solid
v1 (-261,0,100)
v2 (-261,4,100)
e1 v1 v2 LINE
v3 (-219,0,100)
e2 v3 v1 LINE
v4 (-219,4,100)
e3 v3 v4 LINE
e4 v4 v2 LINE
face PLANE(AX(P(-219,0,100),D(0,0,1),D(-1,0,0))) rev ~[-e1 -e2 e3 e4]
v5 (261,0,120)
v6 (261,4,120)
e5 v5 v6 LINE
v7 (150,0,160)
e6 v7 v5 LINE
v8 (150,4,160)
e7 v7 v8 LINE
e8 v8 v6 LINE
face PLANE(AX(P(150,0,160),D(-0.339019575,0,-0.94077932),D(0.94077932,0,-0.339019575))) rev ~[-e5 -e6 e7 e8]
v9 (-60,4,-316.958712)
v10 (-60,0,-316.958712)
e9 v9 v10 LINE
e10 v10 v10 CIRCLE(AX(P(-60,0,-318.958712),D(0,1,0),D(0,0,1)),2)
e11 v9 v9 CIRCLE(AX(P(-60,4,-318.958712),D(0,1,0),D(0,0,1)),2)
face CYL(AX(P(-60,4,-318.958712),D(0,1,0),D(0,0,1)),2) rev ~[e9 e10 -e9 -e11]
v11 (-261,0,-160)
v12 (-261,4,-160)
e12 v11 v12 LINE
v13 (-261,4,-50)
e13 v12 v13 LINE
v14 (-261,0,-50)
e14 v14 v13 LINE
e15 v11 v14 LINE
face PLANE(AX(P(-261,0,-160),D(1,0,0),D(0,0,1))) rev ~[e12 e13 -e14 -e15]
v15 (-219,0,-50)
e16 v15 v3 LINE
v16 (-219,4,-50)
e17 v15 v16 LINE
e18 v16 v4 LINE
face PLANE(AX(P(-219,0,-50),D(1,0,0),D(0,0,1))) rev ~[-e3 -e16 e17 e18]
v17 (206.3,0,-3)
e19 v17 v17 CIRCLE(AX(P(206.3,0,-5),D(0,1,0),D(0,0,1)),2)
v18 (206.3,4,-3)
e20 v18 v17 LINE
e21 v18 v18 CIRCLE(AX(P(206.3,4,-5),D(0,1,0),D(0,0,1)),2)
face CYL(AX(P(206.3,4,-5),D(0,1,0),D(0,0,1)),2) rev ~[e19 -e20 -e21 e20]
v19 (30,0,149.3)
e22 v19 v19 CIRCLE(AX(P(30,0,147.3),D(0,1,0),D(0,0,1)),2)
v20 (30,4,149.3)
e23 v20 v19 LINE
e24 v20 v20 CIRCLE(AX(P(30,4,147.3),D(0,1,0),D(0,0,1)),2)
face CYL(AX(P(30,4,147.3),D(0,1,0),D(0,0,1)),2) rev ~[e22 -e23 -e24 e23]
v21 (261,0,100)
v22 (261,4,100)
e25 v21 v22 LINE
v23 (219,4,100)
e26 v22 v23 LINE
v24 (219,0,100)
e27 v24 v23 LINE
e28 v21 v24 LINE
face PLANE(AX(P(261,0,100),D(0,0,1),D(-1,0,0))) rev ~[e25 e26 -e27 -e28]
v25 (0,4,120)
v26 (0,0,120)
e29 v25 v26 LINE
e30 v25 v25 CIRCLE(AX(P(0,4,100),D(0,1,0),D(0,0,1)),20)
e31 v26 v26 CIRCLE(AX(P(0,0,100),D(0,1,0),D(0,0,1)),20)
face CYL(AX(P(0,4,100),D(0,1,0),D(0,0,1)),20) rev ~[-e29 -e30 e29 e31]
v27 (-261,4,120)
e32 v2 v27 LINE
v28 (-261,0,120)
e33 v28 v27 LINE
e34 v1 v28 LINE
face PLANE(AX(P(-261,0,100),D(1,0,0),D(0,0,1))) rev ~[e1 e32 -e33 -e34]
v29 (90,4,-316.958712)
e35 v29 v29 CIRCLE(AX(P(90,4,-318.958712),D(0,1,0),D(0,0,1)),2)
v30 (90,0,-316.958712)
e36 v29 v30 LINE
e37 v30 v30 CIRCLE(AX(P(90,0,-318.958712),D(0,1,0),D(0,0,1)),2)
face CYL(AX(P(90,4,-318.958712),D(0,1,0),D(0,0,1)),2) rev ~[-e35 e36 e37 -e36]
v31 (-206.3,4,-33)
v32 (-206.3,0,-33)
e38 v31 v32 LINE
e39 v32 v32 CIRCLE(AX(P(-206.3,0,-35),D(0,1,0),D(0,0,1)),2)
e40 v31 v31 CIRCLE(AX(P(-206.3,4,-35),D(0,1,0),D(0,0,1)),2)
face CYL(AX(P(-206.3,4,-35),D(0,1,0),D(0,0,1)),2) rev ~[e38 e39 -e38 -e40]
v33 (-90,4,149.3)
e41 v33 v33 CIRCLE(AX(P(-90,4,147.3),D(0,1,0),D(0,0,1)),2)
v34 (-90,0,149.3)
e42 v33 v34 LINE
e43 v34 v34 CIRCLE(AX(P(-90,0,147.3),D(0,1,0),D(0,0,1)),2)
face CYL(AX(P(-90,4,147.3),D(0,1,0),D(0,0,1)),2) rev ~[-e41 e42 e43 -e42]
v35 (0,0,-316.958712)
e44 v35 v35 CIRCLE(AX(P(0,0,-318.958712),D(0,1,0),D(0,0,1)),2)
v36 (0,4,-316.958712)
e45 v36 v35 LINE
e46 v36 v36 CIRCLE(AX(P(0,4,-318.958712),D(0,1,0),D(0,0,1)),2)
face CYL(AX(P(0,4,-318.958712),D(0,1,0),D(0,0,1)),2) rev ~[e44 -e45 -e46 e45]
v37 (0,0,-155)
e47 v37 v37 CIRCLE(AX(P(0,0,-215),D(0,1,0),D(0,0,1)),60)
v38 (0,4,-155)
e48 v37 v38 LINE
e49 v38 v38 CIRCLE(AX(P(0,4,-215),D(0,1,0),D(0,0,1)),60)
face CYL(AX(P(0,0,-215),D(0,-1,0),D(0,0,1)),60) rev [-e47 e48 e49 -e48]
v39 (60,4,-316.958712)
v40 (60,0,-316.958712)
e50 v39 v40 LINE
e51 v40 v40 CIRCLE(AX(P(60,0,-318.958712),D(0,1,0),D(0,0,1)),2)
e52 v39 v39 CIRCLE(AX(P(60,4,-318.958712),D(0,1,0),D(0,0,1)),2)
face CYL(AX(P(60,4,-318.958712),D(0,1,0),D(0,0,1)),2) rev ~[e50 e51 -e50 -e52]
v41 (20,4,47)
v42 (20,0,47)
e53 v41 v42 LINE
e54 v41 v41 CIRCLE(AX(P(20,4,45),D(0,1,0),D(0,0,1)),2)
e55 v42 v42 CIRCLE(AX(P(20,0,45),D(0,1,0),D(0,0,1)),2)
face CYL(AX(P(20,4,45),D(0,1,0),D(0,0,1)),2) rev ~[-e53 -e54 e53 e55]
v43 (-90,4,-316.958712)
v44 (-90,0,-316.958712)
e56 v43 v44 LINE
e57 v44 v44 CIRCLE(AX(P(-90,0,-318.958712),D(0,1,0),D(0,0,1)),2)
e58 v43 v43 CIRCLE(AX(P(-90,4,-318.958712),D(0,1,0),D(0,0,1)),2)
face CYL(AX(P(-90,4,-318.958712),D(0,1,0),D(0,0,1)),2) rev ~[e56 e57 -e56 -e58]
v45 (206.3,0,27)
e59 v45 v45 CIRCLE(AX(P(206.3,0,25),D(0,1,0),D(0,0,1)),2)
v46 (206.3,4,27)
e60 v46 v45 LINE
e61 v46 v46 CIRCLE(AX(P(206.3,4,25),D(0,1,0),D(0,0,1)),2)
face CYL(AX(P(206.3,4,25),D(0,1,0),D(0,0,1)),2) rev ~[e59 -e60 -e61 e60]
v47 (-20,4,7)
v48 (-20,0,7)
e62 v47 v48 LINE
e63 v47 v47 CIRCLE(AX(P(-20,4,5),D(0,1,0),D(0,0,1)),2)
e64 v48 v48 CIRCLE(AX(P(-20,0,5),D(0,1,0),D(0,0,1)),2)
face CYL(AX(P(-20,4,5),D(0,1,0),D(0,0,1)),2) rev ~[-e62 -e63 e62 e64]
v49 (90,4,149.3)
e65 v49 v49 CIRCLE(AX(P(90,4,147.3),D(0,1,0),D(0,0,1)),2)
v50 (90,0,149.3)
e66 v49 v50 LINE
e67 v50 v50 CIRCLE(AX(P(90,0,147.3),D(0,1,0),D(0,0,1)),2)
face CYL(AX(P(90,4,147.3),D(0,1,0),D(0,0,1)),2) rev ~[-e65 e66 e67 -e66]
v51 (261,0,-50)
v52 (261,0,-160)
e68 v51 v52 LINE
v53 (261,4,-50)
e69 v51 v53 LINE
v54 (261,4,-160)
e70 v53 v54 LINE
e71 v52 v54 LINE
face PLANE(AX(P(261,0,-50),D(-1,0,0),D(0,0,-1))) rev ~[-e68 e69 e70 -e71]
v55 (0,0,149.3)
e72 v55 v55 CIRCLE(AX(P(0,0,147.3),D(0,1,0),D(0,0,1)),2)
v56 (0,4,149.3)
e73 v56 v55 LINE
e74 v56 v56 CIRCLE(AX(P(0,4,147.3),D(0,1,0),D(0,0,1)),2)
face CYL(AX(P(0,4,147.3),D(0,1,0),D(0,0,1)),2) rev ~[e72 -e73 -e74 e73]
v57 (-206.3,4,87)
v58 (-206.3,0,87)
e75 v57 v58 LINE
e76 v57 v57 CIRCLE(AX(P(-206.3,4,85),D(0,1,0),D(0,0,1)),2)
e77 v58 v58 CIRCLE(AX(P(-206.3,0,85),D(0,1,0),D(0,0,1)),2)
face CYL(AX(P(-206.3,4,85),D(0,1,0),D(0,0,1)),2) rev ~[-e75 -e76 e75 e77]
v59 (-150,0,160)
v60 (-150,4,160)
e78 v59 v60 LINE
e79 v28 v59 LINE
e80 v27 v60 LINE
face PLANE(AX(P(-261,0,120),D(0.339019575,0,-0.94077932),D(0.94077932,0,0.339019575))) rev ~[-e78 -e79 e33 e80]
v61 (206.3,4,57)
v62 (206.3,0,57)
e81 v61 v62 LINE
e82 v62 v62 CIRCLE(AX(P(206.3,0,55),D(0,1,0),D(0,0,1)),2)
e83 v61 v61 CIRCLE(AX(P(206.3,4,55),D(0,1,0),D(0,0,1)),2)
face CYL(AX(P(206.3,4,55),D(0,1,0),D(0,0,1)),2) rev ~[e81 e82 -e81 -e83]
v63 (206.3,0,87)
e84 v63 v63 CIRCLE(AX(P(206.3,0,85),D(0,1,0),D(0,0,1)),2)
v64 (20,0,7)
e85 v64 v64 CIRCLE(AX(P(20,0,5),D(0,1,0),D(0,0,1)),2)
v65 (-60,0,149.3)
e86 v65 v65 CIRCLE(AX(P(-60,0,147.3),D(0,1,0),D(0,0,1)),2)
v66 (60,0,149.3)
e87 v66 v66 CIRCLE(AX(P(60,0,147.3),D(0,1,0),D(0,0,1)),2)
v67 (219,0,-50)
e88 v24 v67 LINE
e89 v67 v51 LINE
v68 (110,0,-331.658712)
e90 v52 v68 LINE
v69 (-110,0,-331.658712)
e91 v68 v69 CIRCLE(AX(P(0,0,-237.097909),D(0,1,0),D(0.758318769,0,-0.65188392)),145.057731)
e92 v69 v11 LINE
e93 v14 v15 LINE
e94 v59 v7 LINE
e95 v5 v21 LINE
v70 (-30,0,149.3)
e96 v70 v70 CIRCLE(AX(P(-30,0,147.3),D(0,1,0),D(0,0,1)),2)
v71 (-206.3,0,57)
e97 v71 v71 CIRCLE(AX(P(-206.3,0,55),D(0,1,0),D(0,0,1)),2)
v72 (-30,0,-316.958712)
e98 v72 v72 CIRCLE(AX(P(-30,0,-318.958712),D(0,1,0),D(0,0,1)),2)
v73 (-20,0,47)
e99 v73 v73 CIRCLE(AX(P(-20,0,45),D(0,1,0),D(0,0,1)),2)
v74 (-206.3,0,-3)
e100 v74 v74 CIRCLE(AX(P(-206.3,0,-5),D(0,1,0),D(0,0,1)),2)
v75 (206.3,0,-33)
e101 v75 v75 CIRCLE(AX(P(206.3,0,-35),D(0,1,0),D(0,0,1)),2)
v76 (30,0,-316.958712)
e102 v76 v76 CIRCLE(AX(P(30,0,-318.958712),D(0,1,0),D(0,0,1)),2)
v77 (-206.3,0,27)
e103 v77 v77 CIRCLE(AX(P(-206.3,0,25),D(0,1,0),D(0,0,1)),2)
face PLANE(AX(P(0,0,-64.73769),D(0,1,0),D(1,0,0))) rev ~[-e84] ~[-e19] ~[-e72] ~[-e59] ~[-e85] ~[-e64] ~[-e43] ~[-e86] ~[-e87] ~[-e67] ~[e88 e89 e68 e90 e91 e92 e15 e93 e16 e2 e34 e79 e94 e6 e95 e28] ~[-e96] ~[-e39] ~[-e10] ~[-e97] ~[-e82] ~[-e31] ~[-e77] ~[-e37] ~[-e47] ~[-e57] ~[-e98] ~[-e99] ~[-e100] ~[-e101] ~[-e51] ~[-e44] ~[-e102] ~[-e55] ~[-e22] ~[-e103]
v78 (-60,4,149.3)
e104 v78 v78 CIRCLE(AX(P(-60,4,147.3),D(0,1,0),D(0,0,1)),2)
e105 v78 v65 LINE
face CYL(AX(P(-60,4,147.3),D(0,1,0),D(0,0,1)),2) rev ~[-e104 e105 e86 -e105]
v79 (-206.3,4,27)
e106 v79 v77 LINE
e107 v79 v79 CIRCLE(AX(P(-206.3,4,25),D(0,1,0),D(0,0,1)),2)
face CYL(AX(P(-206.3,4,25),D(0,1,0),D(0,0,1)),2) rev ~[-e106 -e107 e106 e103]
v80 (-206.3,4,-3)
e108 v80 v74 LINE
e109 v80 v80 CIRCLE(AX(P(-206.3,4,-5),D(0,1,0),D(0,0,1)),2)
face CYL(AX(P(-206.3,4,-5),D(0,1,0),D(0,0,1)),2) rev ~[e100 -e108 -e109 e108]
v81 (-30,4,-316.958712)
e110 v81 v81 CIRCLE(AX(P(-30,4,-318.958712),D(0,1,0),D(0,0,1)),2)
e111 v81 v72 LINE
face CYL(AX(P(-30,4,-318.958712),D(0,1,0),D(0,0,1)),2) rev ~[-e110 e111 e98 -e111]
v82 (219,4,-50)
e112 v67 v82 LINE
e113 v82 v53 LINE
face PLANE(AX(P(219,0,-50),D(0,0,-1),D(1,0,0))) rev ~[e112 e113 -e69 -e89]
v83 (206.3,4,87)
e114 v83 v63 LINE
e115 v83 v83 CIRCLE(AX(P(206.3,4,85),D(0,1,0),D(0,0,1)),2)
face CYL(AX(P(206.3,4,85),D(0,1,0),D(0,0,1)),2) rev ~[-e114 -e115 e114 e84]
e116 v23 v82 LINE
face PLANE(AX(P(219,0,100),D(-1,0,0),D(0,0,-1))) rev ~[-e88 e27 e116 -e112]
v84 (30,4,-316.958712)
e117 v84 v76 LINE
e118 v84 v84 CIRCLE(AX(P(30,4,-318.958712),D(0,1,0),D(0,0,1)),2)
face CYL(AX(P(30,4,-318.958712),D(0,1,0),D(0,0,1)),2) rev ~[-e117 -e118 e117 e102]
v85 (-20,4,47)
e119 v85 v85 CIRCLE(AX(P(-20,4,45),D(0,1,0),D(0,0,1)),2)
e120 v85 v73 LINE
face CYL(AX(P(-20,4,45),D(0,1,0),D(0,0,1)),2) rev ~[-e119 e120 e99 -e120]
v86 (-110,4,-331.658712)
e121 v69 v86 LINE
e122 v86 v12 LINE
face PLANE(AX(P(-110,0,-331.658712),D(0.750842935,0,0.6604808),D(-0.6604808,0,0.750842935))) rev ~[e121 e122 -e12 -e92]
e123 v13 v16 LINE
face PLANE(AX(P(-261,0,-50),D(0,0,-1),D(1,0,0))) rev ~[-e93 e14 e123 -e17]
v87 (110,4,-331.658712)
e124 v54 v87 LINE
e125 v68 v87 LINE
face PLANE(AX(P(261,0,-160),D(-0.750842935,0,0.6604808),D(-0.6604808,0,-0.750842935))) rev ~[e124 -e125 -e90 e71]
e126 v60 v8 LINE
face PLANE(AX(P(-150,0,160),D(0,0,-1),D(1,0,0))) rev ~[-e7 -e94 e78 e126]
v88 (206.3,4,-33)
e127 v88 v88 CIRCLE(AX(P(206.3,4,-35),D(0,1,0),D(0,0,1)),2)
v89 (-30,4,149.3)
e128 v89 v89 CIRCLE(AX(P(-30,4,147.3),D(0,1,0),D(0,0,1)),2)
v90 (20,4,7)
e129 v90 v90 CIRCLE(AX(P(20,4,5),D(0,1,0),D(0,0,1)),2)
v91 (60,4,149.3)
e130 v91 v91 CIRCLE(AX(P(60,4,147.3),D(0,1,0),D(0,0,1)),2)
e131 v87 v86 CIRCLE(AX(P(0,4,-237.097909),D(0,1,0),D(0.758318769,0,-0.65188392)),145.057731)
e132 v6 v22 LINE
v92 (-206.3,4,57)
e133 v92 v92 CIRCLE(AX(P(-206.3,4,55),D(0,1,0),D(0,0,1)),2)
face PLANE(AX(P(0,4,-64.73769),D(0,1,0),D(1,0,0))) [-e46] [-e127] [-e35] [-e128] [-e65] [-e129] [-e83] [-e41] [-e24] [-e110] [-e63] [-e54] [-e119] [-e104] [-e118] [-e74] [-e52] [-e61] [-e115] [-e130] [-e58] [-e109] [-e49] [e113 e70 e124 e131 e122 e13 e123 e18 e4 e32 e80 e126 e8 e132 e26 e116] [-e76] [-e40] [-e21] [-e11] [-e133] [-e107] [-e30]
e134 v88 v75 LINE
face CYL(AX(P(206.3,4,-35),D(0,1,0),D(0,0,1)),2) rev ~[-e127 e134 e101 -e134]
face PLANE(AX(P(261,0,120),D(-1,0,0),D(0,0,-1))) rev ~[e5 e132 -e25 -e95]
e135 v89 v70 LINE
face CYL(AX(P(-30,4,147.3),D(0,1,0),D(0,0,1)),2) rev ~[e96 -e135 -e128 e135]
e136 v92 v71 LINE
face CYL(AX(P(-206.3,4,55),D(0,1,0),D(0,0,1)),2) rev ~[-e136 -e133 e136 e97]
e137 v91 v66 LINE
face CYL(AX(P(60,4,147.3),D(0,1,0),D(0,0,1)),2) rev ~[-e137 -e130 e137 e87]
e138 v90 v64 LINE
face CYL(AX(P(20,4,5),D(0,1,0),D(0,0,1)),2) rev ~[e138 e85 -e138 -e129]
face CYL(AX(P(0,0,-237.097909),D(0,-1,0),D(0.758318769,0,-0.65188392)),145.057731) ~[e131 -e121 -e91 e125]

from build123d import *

# Parameters (mm, degrees)
SKETCH1_R           = 60
BOSS_EXTRUDE1_DEPTH = 4
SKETCH2_R           = 2
SKETCH2_R_2         = 20
CUT_EXTRUDE1_DEPTH  = 4
SKETCH3_R           = 2
CUT_EXTRUDE2_DEPTH  = 4
SKETCH4_R           = 2
CUT_EXTRUDE3_DEPTH  = 4


with BuildPart() as part:
    # Sketch1 → Boss-Extrude1 (new body)
    with BuildSketch(Plane(origin=(0, 0, 0), x_dir=(1, 0, 0), z_dir=(0, 1, 0))):
        with BuildLine():
            Line((-219, 50), (-219, -100))
            Line((-219, -100), (-261, -100))
            Line((-261, -100), (-261, -120))
            Line((-261, -120), (-150, -160))
            Line((-150, -160), (150, -160))
            Line((150, -160), (261, -120))
            Line((261, -120), (261, -100))
            Line((261, -100), (219, -100))
            Line((219, -100), (219, 50))
            Line((219, 50), (261, 50))
            Line((261, 50), (261, 160))
            Line((261, 160), (110, 331.658711753))
            ThreePointArc((110, 331.658711753), (0, 382.155640476), (-110, 331.658711753))
            Line((-110, 331.658711753), (-261, 160))
            Line((-261, 160), (-261, 50))
            Line((-261, 50), (-219, 50))
        make_face()
        with Locations(Location((0, 215, 0), (0, 0, 270))):
            Circle(SKETCH1_R, mode=Mode.SUBTRACT)
    extrude(amount=BOSS_EXTRUDE1_DEPTH)

    # Sketch2 → Cut-Extrude1 (cut)
    with BuildSketch(Plane(origin=(0, 4, 0), x_dir=(1, 0, 0), z_dir=(0, 1, 0))):
        with Locations(Location((-206.3, -25, 0), (0, 0, 270))):
            Circle(SKETCH2_R)
        with Locations(Location((-206.3, 5, 0), (0, 0, 270))):
            Circle(SKETCH2_R)
        with Locations(Location((-206.3, 35, 0), (0, 0, 270))):
            Circle(SKETCH2_R)
        with Locations(Location((-206.3, -55, 0), (0, 0, 270))):
            Circle(SKETCH2_R)
        with Locations(Location((-206.3, -85, 0), (0, 0, 270))):
            Circle(SKETCH2_R)
        with Locations(Location((206.3, -85, 0), (0, 0, 270))):
            Circle(SKETCH2_R)
        with Locations(Location((206.3, -55, 0), (0, 0, 270))):
            Circle(SKETCH2_R)
        with Locations(Location((206.3, 5, 0), (0, 0, 270))):
            Circle(SKETCH2_R)
        with Locations(Location((206.3, 35, 0), (0, 0, 270))):
            Circle(SKETCH2_R)
        with Locations(Location((206.3, -25, 0), (0, 0, 270))):
            Circle(SKETCH2_R)
        with Locations(Location((0, -100, 0), (0, 0, 270))):
            Circle(SKETCH2_R_2)
    extrude(amount=-CUT_EXTRUDE1_DEPTH, mode=Mode.SUBTRACT)

    # Sketch3 → Cut-Extrude2 (cut)
    with BuildSketch(Plane(origin=(0, 4, 0), x_dir=(1, 0, 0), z_dir=(0, 1, 0))):
        with Locations(Location((0, 318.958711753, 0), (0, 0, 270))):
            Circle(SKETCH3_R)
        with Locations(Location((30, 318.958711753, 0), (0, 0, 270))):
            Circle(SKETCH3_R)
        with Locations(Location((60, 318.958711753, 0), (0, 0, 270))):
            Circle(SKETCH3_R)
        with Locations(Location((90, 318.958711753, 0), (0, 0, 270))):
            Circle(SKETCH3_R)
        with Locations(Location((-30, 318.958711753, 0), (0, 0, 270))):
            Circle(SKETCH3_R)
        with Locations(Location((-60, 318.958711753, 0), (0, 0, 270))):
            Circle(SKETCH3_R)
        with Locations(Location((-90, 318.958711753, 0), (0, 0, 270))):
            Circle(SKETCH3_R)
        with Locations(Location((0, -147.3, 0), (0, 0, 270))):
            Circle(SKETCH3_R)
        with Locations(Location((30, -147.3, 0), (0, 0, 270))):
            Circle(SKETCH3_R)
        with Locations(Location((60, -147.3, 0), (0, 0, 270))):
            Circle(SKETCH3_R)
        with Locations(Location((90, -147.3, 0), (0, 0, 270))):
            Circle(SKETCH3_R)
        with Locations(Location((-30, -147.3, 0), (0, 0, 270))):
            Circle(SKETCH3_R)
        with Locations(Location((-60, -147.3, 0), (0, 0, 270))):
            Circle(SKETCH3_R)
        with Locations(Location((-90, -147.3, 0), (0, 0, 270))):
            Circle(SKETCH3_R)
    extrude(amount=-CUT_EXTRUDE2_DEPTH, mode=Mode.SUBTRACT)

    # Sketch4 → Cut-Extrude3 (cut)
    with BuildSketch(Plane(origin=(0, 4, 0), x_dir=(1, 0, 0), z_dir=(0, 1, 0))):
        with Locations(Location((-20, -5, 0), (0, 0, 270))):
            Circle(SKETCH4_R)
        with Locations(Location((20, -5, 0), (0, 0, 270))):
            Circle(SKETCH4_R)
        with Locations(Location((20, -45, 0), (0, 0, 270))):
            Circle(SKETCH4_R)
        with Locations(Location((-20, -45, 0), (0, 0, 270))):
            Circle(SKETCH4_R)
    extrude(amount=-CUT_EXTRUDE3_DEPTH, mode=Mode.SUBTRACT)


solid = part.part
